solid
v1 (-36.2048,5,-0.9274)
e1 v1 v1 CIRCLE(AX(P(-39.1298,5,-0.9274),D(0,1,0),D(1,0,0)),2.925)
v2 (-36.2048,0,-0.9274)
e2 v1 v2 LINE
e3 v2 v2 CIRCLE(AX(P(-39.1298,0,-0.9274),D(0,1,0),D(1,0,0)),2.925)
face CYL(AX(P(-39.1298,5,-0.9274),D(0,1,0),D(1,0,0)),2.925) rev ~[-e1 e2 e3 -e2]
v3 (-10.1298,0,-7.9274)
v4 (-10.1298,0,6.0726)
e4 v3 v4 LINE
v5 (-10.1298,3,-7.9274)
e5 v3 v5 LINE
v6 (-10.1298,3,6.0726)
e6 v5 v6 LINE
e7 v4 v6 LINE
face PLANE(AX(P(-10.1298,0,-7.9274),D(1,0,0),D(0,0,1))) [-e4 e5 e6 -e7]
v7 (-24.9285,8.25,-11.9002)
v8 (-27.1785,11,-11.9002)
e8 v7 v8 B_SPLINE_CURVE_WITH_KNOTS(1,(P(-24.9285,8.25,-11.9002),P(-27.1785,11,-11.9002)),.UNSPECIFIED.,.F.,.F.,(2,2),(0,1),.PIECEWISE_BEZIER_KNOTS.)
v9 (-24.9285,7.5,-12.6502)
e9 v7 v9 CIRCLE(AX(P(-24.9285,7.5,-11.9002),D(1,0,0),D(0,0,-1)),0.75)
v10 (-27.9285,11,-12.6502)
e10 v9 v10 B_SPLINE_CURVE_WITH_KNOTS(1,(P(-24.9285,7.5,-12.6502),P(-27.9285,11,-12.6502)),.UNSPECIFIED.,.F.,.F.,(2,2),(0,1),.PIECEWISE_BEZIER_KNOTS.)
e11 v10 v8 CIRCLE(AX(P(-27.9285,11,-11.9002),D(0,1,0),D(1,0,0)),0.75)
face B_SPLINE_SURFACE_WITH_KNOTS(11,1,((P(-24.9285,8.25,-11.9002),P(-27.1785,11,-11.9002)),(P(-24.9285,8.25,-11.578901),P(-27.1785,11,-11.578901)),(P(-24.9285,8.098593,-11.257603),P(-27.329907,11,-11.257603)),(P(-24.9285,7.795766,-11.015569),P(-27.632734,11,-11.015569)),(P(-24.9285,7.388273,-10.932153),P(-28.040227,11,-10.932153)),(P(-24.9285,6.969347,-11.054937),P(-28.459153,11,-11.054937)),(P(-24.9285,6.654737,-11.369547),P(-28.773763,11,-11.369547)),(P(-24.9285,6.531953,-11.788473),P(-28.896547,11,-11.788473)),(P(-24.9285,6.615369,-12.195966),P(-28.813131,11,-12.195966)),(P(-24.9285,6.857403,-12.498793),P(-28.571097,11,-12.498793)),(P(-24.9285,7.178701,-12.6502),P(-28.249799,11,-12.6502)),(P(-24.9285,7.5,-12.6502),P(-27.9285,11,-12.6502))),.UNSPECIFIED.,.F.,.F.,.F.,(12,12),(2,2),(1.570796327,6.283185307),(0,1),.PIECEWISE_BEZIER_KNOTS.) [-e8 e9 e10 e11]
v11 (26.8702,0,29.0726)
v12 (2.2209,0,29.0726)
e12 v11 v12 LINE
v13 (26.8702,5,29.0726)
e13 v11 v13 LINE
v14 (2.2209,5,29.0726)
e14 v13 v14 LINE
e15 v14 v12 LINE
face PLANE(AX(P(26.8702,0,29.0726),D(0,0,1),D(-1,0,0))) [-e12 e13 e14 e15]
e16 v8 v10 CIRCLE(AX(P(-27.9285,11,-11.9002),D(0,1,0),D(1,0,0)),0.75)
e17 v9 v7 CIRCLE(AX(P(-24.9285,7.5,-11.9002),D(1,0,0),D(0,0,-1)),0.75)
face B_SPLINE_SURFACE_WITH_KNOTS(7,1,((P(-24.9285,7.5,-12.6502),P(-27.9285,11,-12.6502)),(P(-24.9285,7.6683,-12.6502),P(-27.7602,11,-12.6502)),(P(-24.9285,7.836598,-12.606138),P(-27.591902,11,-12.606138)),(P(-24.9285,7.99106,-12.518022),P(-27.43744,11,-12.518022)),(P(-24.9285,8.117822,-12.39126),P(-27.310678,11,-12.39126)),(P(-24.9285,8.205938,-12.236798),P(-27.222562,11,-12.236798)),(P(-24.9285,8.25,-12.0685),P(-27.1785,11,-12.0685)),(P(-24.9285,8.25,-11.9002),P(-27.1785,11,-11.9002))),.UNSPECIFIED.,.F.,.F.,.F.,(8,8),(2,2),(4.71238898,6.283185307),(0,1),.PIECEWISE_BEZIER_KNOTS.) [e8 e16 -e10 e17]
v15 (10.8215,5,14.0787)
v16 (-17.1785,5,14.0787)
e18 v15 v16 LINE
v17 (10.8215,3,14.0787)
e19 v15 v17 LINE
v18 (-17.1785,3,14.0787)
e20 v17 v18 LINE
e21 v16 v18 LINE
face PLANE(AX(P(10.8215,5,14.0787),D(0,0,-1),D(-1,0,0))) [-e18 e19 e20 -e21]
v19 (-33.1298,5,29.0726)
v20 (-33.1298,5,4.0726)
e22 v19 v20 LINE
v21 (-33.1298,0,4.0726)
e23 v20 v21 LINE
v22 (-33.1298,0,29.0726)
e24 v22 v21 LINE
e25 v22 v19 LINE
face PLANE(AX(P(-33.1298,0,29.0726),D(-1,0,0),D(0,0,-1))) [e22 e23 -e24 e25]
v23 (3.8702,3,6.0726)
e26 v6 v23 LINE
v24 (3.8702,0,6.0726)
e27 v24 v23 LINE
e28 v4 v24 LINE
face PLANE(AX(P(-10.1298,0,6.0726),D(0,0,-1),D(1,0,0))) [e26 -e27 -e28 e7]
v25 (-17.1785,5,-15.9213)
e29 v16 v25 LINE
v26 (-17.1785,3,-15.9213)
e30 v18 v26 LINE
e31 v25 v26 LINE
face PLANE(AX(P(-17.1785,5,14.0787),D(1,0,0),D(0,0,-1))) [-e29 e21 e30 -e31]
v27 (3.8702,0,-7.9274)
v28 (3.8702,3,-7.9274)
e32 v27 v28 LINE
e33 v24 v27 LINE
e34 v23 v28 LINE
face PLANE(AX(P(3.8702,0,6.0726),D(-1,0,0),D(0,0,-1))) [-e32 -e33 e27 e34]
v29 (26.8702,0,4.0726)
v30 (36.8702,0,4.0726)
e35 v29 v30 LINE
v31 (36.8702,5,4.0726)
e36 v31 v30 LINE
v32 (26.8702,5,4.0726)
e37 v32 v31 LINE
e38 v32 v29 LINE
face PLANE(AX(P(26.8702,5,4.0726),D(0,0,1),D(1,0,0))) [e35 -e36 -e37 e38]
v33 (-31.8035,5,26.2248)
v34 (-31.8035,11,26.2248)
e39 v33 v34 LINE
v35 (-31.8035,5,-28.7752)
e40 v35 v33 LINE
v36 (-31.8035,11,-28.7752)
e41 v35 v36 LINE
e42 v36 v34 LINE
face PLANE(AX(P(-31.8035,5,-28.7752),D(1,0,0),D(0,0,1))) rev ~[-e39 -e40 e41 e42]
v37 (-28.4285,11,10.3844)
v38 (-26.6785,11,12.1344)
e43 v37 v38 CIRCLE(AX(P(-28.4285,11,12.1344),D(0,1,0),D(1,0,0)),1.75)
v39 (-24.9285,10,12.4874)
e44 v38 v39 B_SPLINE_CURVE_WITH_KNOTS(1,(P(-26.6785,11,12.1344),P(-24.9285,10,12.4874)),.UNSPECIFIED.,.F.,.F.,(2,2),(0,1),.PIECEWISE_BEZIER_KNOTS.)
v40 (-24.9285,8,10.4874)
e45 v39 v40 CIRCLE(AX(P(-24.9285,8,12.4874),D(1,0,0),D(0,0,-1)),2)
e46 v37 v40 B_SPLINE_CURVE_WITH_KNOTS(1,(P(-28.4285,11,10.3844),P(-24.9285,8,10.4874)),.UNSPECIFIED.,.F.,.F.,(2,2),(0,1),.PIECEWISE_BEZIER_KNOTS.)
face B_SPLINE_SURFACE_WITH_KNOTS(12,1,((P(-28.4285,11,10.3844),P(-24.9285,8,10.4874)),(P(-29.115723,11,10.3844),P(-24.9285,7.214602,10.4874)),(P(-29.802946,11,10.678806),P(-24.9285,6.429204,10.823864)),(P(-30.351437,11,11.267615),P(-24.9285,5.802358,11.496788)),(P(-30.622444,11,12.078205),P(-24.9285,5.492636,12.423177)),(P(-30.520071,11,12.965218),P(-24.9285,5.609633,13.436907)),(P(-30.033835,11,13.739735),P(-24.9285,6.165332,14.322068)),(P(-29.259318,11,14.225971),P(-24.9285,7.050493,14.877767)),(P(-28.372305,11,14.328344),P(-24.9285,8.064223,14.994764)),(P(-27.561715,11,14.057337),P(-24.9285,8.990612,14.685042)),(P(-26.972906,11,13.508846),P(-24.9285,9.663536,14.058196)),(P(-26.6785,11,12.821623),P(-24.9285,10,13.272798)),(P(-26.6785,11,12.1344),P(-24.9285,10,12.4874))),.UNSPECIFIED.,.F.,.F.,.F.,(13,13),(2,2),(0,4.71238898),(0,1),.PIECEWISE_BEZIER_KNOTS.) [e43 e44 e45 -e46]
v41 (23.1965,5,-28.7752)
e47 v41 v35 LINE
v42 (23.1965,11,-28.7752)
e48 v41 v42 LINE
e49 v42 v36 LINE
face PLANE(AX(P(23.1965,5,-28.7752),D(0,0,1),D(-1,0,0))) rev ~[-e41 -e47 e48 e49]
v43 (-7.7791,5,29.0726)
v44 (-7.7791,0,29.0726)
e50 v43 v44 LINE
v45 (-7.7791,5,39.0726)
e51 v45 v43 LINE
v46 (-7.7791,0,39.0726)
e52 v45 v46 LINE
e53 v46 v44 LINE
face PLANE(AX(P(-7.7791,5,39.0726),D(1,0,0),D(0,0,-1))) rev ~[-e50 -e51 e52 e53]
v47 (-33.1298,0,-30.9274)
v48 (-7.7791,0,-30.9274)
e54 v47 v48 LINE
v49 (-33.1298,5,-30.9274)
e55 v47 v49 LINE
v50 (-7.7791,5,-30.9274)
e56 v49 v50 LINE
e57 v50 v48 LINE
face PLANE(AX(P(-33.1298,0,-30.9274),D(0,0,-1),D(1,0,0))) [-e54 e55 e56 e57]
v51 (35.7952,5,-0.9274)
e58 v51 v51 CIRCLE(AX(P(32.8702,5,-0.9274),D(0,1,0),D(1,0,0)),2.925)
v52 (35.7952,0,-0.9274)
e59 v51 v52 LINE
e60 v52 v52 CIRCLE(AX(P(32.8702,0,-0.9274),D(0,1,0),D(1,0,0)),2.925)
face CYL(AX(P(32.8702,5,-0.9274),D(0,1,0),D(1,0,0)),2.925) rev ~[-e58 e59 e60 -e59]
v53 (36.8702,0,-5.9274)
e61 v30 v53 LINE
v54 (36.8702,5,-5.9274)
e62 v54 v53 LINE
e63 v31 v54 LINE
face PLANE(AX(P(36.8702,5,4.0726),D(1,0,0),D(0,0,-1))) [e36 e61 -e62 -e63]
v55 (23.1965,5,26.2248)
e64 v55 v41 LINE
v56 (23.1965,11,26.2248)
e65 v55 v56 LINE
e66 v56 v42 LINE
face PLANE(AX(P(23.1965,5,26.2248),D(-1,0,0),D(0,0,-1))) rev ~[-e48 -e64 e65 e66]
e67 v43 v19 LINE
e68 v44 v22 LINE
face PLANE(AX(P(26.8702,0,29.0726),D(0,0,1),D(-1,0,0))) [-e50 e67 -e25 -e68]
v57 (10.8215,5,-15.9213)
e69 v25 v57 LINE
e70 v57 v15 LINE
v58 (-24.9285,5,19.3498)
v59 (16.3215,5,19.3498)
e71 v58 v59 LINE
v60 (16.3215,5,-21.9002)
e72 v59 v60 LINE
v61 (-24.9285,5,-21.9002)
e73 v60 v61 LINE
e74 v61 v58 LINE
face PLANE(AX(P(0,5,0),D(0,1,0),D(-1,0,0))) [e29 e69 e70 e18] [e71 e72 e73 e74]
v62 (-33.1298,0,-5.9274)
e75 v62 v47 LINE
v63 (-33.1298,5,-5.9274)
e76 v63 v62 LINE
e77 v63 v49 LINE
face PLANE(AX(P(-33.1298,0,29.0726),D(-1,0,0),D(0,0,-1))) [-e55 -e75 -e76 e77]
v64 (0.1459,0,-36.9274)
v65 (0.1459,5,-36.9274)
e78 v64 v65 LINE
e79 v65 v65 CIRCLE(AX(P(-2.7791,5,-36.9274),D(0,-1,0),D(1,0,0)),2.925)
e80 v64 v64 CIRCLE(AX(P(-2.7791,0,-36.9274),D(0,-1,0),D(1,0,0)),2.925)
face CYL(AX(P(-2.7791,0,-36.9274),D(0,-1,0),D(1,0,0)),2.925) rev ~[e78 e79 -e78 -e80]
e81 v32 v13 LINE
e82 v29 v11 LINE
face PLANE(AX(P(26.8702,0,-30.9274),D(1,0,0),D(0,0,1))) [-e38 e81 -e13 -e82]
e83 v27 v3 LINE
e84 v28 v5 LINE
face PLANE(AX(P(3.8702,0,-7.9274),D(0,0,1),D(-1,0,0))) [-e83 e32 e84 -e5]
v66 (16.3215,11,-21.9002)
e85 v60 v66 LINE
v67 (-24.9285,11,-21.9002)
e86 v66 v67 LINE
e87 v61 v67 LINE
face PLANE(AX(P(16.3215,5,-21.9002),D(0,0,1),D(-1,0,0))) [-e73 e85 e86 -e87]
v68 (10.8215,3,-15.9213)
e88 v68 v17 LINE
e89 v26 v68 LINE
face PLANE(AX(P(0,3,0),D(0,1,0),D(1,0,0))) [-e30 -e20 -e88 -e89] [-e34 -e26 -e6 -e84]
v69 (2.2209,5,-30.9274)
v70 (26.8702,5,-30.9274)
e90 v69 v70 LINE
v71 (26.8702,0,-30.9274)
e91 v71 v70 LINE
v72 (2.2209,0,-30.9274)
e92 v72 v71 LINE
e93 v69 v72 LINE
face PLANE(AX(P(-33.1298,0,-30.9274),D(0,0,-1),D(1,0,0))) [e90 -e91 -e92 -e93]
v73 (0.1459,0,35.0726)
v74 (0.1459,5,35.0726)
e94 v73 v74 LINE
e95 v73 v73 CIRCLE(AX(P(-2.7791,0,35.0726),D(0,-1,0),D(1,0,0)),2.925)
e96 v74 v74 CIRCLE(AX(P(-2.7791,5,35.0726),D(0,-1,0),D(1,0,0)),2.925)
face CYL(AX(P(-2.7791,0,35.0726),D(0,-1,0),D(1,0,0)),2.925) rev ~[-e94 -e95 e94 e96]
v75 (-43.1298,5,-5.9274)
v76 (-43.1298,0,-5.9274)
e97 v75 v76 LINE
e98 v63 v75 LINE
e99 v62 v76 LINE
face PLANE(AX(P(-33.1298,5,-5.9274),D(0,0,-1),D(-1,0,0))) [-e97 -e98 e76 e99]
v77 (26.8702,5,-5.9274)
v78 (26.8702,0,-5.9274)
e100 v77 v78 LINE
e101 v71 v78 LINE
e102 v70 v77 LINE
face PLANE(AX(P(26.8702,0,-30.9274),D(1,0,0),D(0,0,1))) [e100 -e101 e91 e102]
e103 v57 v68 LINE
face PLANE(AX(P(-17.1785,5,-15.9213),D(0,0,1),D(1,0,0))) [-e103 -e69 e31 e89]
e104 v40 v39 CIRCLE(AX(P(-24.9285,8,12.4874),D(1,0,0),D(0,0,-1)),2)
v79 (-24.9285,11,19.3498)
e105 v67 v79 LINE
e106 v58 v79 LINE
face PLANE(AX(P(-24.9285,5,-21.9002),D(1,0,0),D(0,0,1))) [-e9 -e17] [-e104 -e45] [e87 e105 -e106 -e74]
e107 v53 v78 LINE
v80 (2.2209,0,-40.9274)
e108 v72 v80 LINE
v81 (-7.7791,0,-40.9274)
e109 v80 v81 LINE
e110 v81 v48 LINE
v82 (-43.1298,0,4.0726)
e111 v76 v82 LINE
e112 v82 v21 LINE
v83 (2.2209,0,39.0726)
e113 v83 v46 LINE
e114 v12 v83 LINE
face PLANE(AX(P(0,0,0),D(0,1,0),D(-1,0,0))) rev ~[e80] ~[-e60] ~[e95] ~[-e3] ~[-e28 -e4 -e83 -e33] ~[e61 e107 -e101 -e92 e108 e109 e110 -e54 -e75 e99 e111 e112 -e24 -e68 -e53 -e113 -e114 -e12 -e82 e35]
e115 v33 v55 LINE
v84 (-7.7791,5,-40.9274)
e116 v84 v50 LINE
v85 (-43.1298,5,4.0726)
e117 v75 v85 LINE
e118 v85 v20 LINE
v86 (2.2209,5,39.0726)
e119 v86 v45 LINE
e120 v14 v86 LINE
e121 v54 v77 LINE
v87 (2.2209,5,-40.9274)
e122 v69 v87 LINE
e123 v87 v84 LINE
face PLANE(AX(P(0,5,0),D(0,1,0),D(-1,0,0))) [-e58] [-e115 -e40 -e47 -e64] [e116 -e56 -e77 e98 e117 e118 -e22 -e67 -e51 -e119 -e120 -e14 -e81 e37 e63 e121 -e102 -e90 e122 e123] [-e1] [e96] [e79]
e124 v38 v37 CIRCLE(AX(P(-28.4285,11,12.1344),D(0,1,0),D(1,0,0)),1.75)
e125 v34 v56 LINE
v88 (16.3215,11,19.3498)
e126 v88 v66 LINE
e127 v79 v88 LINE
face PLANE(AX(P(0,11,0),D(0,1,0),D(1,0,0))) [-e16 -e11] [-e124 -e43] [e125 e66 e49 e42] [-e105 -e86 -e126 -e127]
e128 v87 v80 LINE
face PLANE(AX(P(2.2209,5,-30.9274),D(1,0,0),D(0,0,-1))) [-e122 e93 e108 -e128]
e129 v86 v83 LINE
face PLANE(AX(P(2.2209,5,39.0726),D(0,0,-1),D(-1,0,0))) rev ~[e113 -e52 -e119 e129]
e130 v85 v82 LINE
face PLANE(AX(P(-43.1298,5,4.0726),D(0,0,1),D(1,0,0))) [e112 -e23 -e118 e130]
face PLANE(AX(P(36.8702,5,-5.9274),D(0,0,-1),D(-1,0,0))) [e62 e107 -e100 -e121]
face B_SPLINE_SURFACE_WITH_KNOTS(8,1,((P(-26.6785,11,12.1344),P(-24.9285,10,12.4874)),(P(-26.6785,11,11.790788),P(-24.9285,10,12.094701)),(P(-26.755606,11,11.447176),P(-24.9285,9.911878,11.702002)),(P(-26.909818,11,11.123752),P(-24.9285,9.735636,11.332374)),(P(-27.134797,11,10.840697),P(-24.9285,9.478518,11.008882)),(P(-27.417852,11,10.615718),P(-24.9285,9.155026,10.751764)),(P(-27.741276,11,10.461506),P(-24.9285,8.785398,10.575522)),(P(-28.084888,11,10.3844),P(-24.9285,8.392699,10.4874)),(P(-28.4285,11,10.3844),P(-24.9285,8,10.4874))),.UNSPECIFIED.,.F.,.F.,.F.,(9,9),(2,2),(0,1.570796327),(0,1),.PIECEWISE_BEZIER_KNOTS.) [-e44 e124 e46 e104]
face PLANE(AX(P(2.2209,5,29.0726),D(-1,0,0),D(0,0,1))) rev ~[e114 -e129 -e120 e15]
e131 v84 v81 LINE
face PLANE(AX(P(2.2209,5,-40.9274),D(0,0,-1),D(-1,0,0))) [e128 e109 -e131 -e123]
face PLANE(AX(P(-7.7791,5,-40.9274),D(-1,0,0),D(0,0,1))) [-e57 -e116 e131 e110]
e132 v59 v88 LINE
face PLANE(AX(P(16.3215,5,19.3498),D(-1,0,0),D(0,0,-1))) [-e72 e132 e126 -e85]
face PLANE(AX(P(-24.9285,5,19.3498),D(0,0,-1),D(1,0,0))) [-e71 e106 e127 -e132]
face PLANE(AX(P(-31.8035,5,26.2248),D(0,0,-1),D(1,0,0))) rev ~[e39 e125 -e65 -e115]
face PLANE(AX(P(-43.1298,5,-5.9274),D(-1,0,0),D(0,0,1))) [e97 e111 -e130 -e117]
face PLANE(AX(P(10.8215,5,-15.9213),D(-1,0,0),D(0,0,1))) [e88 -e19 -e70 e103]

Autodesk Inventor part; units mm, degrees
ref_plane "YZ Plane" through (0, 0, 0) normal (1, 0, 0) x (0, 1, 0)
ref_plane "XZ Plane" through (0, 0, 0) normal (0, 1, 0) x (-1, 0, 0)
ref_plane "XY Plane" through (0, 0, 0) normal (0, 0, 1) x (1, 0, 0)
sketch "Sketch1" plane through (0, 0, 0) normal (0, 1, 0) x (-1, 0, 0)
  circle A0 centre (28.1298, -0.9274) radius 1
  circle A1 centre (3.1298, -25.9274) radius 1
  circle A2 centre (-21.8702, -0.9274) radius 1
  circle A3 centre (3.1298, 24.0726) radius 1
  line L0 (33.1298, -30.9274) -> (-26.8702, -30.9274)
  line L1 (-26.8702, -30.9274) -> (-26.8702, 29.0726)
  line L2 (-26.8702, 29.0726) -> (33.1298, 29.0726)
  line L3 (33.1298, 29.0726) -> (33.1298, -30.9274)
  line L4 (33.1298, -30.9274) -> (-26.8702, 29.0726) construction
  line L5 (-26.8702, -30.9274) -> (33.1298, 29.0726) construction
  point P0 (0, 0)
  dimension "d1" = 2
  dimension "d2" = 2
  dimension "d3" = 2
  dimension "d4" = 2
  dimension "d7" = 60
  dimension "d9" = 50
  dimension "d10" = 50
  dimension "d12" = 5
  dimension "d13" = 60
  dimension "d14" = 5
  dimension "d15" = 30
  dimension "d16" = 30
  dimension "d17" = 30
extrude "Extrusion1" add sketch "Sketch1" along normal blind 5 contours A0 | A1 | A2 | A3 | L0 L1 L2 L3
sketch "Sketch2" plane through (0, 5, 0) normal (0, 1, 0) x (1, 0, 0)
  line L0 (26.8702, 30.9274) -> (-33.1298, 30.9274) projected
  line L1 (-7.7791, 30.9274) -> (2.2209, 30.9274)
  line L2 (2.2209, 30.9274) -> (2.2209, 40.9274)
  line L3 (2.2209, 40.9274) -> (-7.7791, 40.9274)
  line L4 (-7.7791, 40.9274) -> (-7.7791, 30.9274)
  line L5 (-33.1298, -29.0726) -> (26.8702, -29.0726) projected
  line L6 (-7.7791, -29.0726) -> (2.2209, -29.0726)
  line L7 (2.2209, -29.0726) -> (2.2209, -39.0726)
  line L8 (2.2209, -39.0726) -> (-7.7791, -39.0726)
  line L9 (-7.7791, -39.0726) -> (-7.7791, -29.0726)
  point P0 (0, 0)
  dimension "d18" = 10
  dimension "d19" = 10
  dimension "d20" = 10
extrude "Extrusion2" add sketch "Sketch2" against normal blind 5
sketch "Sketch3" plane through (0, 0, 0) normal (0, -1, 0) x (1, 0, 0)
  circle A0 centre (-2.7791, -36.9274) radius 2.925
  circle A1 centre (-2.7791, 35.0726) radius 2.925
  line L0 (-7.7791, 39.0726) -> (-7.7791, 29.0726) projected
  line L1 (2.2209, 39.0726) -> (-7.7791, 39.0726) projected
  line L2 (-7.7791, -40.9274) -> (2.2209, -40.9274) projected
  line L3 (-7.7791, -30.9274) -> (-7.7791, -40.9274) projected
  point P0 (0, 0)
  dimension "d23" = 5.85
  dimension "d24" = 5.85
  dimension "d25" = 5
  dimension "d26" = 4
  dimension "d27" = 4
  dimension "d28" = 5
extrude "Extrusion3" cut sketch "Sketch3" along normal through all both and the other way through all
sketch "Sketch4" plane through (0, 0, 0) normal (0, -1, 0) x (1, 0, 0)
  line L0 (-10.1298, 6.0726) -> (3.8702, 6.0726)
  line L1 (3.8702, 6.0726) -> (3.8702, -7.9274)
  line L2 (3.8702, -7.9274) -> (-10.1298, -7.9274)
  line L3 (-10.1298, -7.9274) -> (-10.1298, 6.0726)
  line L4 (-33.1298, 29.0726) -> (-33.1298, -30.9274) projected
  line L5 (26.8702, -30.9274) -> (26.8702, 29.0726) projected
  line L6 (-33.1298, -30.9274) -> (-7.7791, -30.9274) projected
  line L7 (26.8702, 29.0726) -> (-33.1298, 29.0726) projected
  point P0 (0, 0)
  point P1 (-7.7791, 29.0726)
  dimension "d31" = 14
  dimension "d32" = 14
  dimension "d33" = 23
  dimension "d34" = 23
  dimension "d35" = 23
  dimension "d36" = 23
extrude "Extrusion4" cut sketch "Sketch4" against normal through all
sketch "Sketch5" plane through (0, 5, 0) normal (0, 1, 0) x (1, 0, 0)
  line L0 (-43.1298, -4.0726) -> (-33.1298, -4.0726)
  line L1 (-33.1298, -4.0726) -> (-33.1298, 5.9274)
  line L2 (-33.1298, 5.9274) -> (-43.1298, 5.9274)
  line L3 (-43.1298, 5.9274) -> (-43.1298, -4.0726)
  line L4 (-33.1298, -29.0726) -> (-7.7791, -29.0726) projected
  line L5 (-33.1298, 30.9274) -> (-33.1298, -29.0726) projected
  line L6 (26.8702, 30.9274) -> (26.8702, -29.0726) projected
  line L7 (26.8702, -4.0726) -> (36.8702, -4.0726)
  line L8 (36.8702, -4.0726) -> (36.8702, 5.9274)
  line L9 (36.8702, 5.9274) -> (26.8702, 5.9274)
  line L10 (26.8702, 5.9274) -> (26.8702, -4.0726)
  line L11 (26.8702, 30.9274) -> (2.2209, 30.9274) projected
  line L12 (2.2209, -29.0726) -> (26.8702, -29.0726) projected
  line L13 (26.8702, -29.0726) -> (26.8702, 30.9274) projected
  point P0 (0, 0)
  dimension "d39" = 10
  dimension "d40" = 10
  dimension "d41" = 25
  dimension "d42" = 0
  dimension "d43" = 10
  dimension "d44" = 10
  dimension "d45" = 25
  dimension "d46" = 25
  dimension "d47" = 10
extrude "Extrusion5" add sketch "Sketch5" against normal blind 5
sketch "Sketch6" plane through (0, 5, 0) normal (0, 1, 0) x (1, 0, 0)
  circle A0 centre (-39.1298, 0.9274) radius 2.925
  circle A1 centre (32.8702, 0.9274) radius 2.925
  line L0 (36.8702, 5.9274) -> (26.8702, 5.9274) projected
  line L1 (26.8702, -29.0726) -> (26.8702, -4.0726) projected
  line L2 (36.8702, -4.0726) -> (36.8702, 5.9274) projected
  line L3 (-43.1298, 5.9274) -> (-43.1298, -4.0726) projected
  line L4 (-33.1298, 5.9274) -> (-43.1298, 5.9274) projected
  point P0 (0, 0)
  dimension "d50" = 5.85
  dimension "d51" = 5.85
  dimension "d52" = 5
  dimension "d54" = 4
  dimension "d55" = 4
  dimension "d56" = 5
extrude "Extrusion6" cut sketch "Sketch6" against normal through all
sketch "Sketch7" plane through (0, 5, 0) normal (0, 1, 0) x (1, 0, 0)
  line L0 (-24.9285, -19.3498) -> (16.3215, -19.3498)
  line L1 (16.3215, -19.3498) -> (16.3215, 21.9002)
  line L2 (16.3215, 21.9002) -> (-24.9285, 21.9002)
  line L3 (-24.9285, 21.9002) -> (-24.9285, -19.3498)
  line L4 (-33.1298, -29.0726) -> (-7.7791, -29.0726) projected
  line L5 (26.8702, -29.0726) -> (26.8702, -4.0726) projected
  line L6 (-31.8035, -26.2248) -> (23.1965, -26.2248)
  line L7 (23.1965, -26.2248) -> (23.1965, 28.7752)
  line L8 (23.1965, 28.7752) -> (-31.8035, 28.7752)
  line L9 (-31.8035, 28.7752) -> (-31.8035, -26.2248)
  line L10 (26.8702, 30.9274) -> (2.2209, 30.9274) projected
  line L11 (2.2209, -29.0726) -> (26.8702, -29.0726) projected
  line L12 (-33.1298, -4.0726) -> (-33.1298, -29.0726) projected
  point P0 (0, 0)
  dimension "d78" = 55
extrude "Extrusion7" add sketch "Sketch7" along normal blind 6
sketch "Sketch8" plane through (0, 11, 0) normal (0, 1, 0) x (1, 0, 0)
  circle A0 centre (-27.9285, 11.9002) radius 0.75
  line L0 (-24.9285, -19.3498) -> (-24.9285, 21.9002) projected
  line L1 (-24.9285, 21.9002) -> (16.3215, 21.9002) projected
  point P0 (0, 0)
  dimension "d70" = 1.5
  dimension "d71" = 3
  dimension "d80" = 10
sketch "Sketch9" plane through (-24.9285, 5, 19.3498) normal (1, 0, 0) x (0, 0, -1)
  circle A0 centre (31.25, 2.5) radius 0.75
  line L0 (0, 6) -> (41.25, 6) projected
  point P0 (19.3498, -5)
  dimension "d72" = 1.5
  dimension "d73" = 3.5
  dimension "d81" = 10
loft "Loft1" cut profiles "Sketch9", "Sketch8"
sketch "Sketch10" plane through (0, 11, 0) normal (0, 1, 0) x (1, 0, 0)
  circle A0 centre (-28.4285, -12.1344) radius 1.75
  line L0 (-24.9285, -19.3498) -> (-24.9285, 21.9002) projected
  point P0 (0, 0)
  dimension "d83" = 3.5
  dimension "d84" = 3.5
sketch "Sketch11" plane through (-24.9285, 5, 19.3498) normal (1, 0, 0) x (0, 0, -1)
  circle A0 centre (6.8624, 3) radius 2
  line L0 (41.25, 0) -> (0, 0) projected
  point P0 (19.3498, -5)
  dimension "d85" = 4
  dimension "d86" = 3
loft "Loft2" cut profiles "Sketch10", "Sketch11"
sketch "Sketch13" plane through (0, 5, 0) normal (0, 1, 0) x (1, 0, 0)
  line L0 (10.8215, -14.0787) -> (-17.1785, -14.0787)
  line L1 (-17.1785, -14.0787) -> (-17.1785, 15.9213)
  line L2 (-17.1785, 15.9213) -> (10.8215, 15.9213)
  line L3 (10.8215, 15.9213) -> (10.8215, -14.0787)
  line L4 (16.3215, 21.9002) -> (16.3215, -19.3498) projected
  point P0 (0, 0)
  point P1 (-12.1298, -8.0726)
  point P2 (5.8702, 9.9274)
  dimension "d104" = 30
  dimension "d105" = 28
  dimension "d106" = 5.5
extrude "Extrusion9" cut sketch "Sketch13" against normal blind 2
properties part number "LidClampCell_V6"
